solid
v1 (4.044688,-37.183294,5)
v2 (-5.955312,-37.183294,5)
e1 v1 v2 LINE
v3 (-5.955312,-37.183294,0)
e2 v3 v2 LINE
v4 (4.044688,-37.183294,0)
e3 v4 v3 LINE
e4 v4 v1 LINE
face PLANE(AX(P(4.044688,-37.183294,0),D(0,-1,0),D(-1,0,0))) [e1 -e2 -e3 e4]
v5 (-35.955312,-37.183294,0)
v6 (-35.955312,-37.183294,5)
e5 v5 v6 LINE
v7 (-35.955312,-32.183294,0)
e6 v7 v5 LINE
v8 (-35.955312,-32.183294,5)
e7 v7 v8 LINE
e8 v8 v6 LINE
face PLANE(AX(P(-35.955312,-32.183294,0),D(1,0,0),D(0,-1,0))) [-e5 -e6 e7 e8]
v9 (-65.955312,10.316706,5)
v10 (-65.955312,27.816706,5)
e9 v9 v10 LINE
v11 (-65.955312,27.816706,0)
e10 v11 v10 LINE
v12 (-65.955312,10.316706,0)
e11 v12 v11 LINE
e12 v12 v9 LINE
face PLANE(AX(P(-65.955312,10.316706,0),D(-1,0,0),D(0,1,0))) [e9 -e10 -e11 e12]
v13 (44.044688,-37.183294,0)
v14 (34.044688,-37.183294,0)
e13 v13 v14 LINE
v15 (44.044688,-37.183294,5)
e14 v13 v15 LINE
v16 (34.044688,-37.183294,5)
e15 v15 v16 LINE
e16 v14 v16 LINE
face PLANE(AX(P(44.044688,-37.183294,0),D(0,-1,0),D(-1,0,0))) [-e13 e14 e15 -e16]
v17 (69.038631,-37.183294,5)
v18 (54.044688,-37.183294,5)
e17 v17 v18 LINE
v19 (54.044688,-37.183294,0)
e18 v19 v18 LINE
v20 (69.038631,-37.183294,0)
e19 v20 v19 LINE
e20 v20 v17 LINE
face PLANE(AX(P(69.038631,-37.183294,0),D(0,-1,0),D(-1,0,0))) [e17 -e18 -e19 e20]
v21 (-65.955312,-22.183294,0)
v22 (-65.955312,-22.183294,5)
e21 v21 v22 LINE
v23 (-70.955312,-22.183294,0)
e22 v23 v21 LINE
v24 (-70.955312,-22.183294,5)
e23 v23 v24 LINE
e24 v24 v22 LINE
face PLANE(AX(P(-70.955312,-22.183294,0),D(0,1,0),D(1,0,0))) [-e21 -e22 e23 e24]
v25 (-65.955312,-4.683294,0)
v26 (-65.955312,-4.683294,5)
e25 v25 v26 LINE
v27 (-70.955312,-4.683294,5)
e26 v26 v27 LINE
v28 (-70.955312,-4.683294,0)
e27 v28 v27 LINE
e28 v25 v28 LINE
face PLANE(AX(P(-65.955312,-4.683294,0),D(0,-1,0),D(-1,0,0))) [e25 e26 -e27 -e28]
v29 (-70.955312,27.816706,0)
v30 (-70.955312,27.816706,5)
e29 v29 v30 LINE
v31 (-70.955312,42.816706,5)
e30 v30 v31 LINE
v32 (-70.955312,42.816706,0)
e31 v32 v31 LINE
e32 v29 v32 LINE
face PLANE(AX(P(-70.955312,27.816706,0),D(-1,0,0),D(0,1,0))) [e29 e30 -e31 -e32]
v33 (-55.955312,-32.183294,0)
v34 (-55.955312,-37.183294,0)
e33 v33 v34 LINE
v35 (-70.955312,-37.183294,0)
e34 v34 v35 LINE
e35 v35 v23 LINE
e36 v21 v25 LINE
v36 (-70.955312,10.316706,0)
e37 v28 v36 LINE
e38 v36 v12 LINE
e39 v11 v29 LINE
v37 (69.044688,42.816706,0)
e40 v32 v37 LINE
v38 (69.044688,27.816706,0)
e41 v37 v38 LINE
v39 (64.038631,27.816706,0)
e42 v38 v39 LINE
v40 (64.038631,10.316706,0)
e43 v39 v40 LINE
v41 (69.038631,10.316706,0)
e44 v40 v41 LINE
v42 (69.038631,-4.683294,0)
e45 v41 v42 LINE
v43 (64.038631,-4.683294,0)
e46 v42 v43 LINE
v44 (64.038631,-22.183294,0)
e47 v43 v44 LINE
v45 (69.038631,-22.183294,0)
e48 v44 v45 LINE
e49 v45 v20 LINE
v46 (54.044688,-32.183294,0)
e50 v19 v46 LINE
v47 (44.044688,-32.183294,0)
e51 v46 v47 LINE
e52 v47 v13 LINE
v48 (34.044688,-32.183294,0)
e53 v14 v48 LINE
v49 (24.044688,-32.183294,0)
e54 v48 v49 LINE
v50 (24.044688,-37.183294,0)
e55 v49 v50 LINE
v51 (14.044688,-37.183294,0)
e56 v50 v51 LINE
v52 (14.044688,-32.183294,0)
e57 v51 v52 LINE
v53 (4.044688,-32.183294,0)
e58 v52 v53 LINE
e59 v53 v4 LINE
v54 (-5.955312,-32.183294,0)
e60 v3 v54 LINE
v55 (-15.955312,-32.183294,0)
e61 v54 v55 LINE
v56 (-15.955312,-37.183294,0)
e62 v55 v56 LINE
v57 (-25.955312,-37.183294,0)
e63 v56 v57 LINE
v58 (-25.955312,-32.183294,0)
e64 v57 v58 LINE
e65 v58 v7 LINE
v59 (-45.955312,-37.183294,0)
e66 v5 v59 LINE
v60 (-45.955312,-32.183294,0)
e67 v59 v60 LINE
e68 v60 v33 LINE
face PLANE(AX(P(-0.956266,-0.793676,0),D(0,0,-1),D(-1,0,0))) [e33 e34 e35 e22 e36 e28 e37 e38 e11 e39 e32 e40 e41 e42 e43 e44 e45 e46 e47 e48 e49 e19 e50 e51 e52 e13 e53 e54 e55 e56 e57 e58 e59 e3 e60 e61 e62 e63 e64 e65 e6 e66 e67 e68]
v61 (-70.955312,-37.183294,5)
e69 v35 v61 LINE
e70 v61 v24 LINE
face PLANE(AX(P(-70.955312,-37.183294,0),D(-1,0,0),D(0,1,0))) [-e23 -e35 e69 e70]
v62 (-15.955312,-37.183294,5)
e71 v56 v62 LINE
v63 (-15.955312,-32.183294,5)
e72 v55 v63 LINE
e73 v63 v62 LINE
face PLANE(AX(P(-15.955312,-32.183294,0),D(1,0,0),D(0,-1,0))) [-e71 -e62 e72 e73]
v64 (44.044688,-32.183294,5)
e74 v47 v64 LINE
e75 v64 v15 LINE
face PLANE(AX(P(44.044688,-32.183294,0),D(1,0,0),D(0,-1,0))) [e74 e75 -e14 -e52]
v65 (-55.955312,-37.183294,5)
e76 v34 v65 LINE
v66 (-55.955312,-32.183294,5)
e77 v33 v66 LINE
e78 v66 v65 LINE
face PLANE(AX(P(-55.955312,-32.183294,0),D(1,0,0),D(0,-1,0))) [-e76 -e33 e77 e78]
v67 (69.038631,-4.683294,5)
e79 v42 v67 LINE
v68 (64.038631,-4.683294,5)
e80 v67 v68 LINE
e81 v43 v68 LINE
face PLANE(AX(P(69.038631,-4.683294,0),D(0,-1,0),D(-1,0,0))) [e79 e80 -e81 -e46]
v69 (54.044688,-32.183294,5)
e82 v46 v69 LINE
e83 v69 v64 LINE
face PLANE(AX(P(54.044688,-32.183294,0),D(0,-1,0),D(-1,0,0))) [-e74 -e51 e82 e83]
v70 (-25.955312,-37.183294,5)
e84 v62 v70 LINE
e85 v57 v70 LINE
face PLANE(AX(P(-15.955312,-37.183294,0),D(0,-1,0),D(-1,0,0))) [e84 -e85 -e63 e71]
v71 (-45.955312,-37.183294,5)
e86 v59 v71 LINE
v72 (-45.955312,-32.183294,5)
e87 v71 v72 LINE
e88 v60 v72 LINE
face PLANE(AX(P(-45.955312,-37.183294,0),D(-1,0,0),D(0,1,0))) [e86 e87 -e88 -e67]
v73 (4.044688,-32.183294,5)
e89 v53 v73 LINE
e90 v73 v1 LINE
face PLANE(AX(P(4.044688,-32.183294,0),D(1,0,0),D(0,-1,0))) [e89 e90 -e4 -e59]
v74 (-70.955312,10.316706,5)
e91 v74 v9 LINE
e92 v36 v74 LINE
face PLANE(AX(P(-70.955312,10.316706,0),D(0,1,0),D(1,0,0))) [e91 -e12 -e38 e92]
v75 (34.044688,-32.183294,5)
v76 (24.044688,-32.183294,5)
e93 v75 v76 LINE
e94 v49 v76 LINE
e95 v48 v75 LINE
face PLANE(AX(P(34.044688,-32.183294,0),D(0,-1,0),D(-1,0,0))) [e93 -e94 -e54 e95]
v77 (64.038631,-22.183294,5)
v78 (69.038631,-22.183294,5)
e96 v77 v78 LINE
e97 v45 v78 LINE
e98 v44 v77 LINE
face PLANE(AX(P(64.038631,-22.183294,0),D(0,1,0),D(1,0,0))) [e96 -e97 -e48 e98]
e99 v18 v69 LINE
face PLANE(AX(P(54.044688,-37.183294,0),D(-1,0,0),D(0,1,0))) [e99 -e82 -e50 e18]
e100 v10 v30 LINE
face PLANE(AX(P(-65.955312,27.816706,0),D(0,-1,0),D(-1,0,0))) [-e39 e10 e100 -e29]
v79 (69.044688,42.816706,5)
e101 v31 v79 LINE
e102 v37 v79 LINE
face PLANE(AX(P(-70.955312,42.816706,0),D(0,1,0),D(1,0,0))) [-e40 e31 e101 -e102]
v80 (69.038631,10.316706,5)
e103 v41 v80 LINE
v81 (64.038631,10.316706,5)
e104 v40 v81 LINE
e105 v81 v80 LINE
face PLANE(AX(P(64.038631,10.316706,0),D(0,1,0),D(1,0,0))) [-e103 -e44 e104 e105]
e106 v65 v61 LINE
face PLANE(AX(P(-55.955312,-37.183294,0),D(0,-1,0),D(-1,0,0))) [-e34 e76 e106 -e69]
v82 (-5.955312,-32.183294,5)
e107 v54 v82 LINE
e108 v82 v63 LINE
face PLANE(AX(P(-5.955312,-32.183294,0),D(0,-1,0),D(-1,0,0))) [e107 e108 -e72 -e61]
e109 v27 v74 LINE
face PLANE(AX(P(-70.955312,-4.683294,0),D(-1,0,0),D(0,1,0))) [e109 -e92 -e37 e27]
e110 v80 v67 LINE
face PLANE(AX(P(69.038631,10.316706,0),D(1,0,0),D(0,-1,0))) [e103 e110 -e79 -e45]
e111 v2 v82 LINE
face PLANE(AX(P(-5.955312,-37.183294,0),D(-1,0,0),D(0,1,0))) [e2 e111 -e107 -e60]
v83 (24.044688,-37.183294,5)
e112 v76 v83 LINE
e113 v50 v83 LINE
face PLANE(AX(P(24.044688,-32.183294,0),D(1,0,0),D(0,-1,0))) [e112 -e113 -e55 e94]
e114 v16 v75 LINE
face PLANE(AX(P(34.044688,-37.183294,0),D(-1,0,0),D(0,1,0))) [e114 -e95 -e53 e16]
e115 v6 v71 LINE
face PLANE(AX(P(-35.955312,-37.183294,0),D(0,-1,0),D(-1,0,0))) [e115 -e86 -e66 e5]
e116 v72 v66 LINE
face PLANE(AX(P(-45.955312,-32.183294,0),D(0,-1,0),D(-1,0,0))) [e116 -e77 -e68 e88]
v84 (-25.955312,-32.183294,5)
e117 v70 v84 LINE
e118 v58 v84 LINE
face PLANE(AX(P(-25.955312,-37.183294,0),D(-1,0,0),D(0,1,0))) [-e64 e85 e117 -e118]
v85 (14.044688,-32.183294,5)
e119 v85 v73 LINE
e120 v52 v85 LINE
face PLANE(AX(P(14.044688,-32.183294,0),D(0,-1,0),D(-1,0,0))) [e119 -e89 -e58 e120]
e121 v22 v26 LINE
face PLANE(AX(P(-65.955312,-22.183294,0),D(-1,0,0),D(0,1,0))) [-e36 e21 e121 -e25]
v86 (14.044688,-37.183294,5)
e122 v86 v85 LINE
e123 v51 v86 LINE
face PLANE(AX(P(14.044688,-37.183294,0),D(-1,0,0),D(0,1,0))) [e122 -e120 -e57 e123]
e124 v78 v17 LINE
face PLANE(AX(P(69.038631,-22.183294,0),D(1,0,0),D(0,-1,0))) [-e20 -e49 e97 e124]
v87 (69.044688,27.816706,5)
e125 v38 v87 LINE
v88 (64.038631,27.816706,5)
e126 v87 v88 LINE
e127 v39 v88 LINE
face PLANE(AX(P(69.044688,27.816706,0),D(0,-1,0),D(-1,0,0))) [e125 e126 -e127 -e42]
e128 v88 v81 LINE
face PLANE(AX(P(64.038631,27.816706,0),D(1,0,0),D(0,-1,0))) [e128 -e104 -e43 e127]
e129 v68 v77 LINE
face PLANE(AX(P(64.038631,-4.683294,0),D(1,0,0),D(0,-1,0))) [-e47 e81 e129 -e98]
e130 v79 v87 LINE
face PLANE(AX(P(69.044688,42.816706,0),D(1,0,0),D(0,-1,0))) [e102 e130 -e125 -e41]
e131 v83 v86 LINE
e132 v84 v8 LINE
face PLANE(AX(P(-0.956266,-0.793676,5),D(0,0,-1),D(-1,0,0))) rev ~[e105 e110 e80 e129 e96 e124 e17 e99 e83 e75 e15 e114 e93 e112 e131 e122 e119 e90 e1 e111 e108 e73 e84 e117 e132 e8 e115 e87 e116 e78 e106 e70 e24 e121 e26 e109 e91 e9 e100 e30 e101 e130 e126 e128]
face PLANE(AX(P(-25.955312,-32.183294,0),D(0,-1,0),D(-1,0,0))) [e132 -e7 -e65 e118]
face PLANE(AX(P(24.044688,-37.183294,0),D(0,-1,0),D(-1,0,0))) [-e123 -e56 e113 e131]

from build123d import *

# Parameters (mm, degrees)
BOSS_EXTRUDE1_DEPTH = 5


with BuildPart() as part:
    # Sketch1 → Boss-Extrude1 (new body)
    with BuildSketch(Plane.XY):
        Polygon((69.038630962, -4.683293815), (64.038630962, -4.683293815), (64.038630962, -22.183293815), (69.038630962, -22.183293815), (69.038630962, -37.183293815), (54.044687612, -37.183293815), (54.044687612, -32.183293815), (44.044687612, -32.183293815), (44.044687612, -37.183293815), (34.044687612, -37.183293815), (34.044687612, -32.183293815), (24.044687612, -32.183293815), (24.044687612, -37.183293815), (14.044687612, -37.183293815), (14.044687612, -32.183293815), (4.044687612, -32.183293815), (4.044687612, -37.183293815), (-5.955312388, -37.183293815), (-5.955312388, -32.183293815), (-15.955312388, -32.183293815), (-15.955312388, -37.183293815), (-25.955312388, -37.183293815), (-25.955312388, -32.183293815), (-35.955312388, -32.183293815), (-35.955312388, -37.183293815), (-45.955312388, -37.183293815), (-45.955312388, -32.183293815), (-55.955312388, -32.183293815), (-55.955312388, -37.183293815), (-70.955312388, -37.183293815), (-70.955312388, -22.183293815), (-65.955312388, -22.183293815), (-65.955312388, -4.683293815), (-70.955312388, -4.683293815), (-70.955312388, 10.316706185), (-65.955312388, 10.316706185), (-65.955312388, 27.816706185), (-70.955312388, 27.816706185), (-70.955312388, 42.816706185), (69.044687612, 42.816706185), (69.044687612, 27.816706185), (64.038630962, 27.816706185), (64.038630962, 10.316706185), (69.038630962, 10.316706185), align=None)
    extrude(amount=BOSS_EXTRUDE1_DEPTH)


solid = part.part
